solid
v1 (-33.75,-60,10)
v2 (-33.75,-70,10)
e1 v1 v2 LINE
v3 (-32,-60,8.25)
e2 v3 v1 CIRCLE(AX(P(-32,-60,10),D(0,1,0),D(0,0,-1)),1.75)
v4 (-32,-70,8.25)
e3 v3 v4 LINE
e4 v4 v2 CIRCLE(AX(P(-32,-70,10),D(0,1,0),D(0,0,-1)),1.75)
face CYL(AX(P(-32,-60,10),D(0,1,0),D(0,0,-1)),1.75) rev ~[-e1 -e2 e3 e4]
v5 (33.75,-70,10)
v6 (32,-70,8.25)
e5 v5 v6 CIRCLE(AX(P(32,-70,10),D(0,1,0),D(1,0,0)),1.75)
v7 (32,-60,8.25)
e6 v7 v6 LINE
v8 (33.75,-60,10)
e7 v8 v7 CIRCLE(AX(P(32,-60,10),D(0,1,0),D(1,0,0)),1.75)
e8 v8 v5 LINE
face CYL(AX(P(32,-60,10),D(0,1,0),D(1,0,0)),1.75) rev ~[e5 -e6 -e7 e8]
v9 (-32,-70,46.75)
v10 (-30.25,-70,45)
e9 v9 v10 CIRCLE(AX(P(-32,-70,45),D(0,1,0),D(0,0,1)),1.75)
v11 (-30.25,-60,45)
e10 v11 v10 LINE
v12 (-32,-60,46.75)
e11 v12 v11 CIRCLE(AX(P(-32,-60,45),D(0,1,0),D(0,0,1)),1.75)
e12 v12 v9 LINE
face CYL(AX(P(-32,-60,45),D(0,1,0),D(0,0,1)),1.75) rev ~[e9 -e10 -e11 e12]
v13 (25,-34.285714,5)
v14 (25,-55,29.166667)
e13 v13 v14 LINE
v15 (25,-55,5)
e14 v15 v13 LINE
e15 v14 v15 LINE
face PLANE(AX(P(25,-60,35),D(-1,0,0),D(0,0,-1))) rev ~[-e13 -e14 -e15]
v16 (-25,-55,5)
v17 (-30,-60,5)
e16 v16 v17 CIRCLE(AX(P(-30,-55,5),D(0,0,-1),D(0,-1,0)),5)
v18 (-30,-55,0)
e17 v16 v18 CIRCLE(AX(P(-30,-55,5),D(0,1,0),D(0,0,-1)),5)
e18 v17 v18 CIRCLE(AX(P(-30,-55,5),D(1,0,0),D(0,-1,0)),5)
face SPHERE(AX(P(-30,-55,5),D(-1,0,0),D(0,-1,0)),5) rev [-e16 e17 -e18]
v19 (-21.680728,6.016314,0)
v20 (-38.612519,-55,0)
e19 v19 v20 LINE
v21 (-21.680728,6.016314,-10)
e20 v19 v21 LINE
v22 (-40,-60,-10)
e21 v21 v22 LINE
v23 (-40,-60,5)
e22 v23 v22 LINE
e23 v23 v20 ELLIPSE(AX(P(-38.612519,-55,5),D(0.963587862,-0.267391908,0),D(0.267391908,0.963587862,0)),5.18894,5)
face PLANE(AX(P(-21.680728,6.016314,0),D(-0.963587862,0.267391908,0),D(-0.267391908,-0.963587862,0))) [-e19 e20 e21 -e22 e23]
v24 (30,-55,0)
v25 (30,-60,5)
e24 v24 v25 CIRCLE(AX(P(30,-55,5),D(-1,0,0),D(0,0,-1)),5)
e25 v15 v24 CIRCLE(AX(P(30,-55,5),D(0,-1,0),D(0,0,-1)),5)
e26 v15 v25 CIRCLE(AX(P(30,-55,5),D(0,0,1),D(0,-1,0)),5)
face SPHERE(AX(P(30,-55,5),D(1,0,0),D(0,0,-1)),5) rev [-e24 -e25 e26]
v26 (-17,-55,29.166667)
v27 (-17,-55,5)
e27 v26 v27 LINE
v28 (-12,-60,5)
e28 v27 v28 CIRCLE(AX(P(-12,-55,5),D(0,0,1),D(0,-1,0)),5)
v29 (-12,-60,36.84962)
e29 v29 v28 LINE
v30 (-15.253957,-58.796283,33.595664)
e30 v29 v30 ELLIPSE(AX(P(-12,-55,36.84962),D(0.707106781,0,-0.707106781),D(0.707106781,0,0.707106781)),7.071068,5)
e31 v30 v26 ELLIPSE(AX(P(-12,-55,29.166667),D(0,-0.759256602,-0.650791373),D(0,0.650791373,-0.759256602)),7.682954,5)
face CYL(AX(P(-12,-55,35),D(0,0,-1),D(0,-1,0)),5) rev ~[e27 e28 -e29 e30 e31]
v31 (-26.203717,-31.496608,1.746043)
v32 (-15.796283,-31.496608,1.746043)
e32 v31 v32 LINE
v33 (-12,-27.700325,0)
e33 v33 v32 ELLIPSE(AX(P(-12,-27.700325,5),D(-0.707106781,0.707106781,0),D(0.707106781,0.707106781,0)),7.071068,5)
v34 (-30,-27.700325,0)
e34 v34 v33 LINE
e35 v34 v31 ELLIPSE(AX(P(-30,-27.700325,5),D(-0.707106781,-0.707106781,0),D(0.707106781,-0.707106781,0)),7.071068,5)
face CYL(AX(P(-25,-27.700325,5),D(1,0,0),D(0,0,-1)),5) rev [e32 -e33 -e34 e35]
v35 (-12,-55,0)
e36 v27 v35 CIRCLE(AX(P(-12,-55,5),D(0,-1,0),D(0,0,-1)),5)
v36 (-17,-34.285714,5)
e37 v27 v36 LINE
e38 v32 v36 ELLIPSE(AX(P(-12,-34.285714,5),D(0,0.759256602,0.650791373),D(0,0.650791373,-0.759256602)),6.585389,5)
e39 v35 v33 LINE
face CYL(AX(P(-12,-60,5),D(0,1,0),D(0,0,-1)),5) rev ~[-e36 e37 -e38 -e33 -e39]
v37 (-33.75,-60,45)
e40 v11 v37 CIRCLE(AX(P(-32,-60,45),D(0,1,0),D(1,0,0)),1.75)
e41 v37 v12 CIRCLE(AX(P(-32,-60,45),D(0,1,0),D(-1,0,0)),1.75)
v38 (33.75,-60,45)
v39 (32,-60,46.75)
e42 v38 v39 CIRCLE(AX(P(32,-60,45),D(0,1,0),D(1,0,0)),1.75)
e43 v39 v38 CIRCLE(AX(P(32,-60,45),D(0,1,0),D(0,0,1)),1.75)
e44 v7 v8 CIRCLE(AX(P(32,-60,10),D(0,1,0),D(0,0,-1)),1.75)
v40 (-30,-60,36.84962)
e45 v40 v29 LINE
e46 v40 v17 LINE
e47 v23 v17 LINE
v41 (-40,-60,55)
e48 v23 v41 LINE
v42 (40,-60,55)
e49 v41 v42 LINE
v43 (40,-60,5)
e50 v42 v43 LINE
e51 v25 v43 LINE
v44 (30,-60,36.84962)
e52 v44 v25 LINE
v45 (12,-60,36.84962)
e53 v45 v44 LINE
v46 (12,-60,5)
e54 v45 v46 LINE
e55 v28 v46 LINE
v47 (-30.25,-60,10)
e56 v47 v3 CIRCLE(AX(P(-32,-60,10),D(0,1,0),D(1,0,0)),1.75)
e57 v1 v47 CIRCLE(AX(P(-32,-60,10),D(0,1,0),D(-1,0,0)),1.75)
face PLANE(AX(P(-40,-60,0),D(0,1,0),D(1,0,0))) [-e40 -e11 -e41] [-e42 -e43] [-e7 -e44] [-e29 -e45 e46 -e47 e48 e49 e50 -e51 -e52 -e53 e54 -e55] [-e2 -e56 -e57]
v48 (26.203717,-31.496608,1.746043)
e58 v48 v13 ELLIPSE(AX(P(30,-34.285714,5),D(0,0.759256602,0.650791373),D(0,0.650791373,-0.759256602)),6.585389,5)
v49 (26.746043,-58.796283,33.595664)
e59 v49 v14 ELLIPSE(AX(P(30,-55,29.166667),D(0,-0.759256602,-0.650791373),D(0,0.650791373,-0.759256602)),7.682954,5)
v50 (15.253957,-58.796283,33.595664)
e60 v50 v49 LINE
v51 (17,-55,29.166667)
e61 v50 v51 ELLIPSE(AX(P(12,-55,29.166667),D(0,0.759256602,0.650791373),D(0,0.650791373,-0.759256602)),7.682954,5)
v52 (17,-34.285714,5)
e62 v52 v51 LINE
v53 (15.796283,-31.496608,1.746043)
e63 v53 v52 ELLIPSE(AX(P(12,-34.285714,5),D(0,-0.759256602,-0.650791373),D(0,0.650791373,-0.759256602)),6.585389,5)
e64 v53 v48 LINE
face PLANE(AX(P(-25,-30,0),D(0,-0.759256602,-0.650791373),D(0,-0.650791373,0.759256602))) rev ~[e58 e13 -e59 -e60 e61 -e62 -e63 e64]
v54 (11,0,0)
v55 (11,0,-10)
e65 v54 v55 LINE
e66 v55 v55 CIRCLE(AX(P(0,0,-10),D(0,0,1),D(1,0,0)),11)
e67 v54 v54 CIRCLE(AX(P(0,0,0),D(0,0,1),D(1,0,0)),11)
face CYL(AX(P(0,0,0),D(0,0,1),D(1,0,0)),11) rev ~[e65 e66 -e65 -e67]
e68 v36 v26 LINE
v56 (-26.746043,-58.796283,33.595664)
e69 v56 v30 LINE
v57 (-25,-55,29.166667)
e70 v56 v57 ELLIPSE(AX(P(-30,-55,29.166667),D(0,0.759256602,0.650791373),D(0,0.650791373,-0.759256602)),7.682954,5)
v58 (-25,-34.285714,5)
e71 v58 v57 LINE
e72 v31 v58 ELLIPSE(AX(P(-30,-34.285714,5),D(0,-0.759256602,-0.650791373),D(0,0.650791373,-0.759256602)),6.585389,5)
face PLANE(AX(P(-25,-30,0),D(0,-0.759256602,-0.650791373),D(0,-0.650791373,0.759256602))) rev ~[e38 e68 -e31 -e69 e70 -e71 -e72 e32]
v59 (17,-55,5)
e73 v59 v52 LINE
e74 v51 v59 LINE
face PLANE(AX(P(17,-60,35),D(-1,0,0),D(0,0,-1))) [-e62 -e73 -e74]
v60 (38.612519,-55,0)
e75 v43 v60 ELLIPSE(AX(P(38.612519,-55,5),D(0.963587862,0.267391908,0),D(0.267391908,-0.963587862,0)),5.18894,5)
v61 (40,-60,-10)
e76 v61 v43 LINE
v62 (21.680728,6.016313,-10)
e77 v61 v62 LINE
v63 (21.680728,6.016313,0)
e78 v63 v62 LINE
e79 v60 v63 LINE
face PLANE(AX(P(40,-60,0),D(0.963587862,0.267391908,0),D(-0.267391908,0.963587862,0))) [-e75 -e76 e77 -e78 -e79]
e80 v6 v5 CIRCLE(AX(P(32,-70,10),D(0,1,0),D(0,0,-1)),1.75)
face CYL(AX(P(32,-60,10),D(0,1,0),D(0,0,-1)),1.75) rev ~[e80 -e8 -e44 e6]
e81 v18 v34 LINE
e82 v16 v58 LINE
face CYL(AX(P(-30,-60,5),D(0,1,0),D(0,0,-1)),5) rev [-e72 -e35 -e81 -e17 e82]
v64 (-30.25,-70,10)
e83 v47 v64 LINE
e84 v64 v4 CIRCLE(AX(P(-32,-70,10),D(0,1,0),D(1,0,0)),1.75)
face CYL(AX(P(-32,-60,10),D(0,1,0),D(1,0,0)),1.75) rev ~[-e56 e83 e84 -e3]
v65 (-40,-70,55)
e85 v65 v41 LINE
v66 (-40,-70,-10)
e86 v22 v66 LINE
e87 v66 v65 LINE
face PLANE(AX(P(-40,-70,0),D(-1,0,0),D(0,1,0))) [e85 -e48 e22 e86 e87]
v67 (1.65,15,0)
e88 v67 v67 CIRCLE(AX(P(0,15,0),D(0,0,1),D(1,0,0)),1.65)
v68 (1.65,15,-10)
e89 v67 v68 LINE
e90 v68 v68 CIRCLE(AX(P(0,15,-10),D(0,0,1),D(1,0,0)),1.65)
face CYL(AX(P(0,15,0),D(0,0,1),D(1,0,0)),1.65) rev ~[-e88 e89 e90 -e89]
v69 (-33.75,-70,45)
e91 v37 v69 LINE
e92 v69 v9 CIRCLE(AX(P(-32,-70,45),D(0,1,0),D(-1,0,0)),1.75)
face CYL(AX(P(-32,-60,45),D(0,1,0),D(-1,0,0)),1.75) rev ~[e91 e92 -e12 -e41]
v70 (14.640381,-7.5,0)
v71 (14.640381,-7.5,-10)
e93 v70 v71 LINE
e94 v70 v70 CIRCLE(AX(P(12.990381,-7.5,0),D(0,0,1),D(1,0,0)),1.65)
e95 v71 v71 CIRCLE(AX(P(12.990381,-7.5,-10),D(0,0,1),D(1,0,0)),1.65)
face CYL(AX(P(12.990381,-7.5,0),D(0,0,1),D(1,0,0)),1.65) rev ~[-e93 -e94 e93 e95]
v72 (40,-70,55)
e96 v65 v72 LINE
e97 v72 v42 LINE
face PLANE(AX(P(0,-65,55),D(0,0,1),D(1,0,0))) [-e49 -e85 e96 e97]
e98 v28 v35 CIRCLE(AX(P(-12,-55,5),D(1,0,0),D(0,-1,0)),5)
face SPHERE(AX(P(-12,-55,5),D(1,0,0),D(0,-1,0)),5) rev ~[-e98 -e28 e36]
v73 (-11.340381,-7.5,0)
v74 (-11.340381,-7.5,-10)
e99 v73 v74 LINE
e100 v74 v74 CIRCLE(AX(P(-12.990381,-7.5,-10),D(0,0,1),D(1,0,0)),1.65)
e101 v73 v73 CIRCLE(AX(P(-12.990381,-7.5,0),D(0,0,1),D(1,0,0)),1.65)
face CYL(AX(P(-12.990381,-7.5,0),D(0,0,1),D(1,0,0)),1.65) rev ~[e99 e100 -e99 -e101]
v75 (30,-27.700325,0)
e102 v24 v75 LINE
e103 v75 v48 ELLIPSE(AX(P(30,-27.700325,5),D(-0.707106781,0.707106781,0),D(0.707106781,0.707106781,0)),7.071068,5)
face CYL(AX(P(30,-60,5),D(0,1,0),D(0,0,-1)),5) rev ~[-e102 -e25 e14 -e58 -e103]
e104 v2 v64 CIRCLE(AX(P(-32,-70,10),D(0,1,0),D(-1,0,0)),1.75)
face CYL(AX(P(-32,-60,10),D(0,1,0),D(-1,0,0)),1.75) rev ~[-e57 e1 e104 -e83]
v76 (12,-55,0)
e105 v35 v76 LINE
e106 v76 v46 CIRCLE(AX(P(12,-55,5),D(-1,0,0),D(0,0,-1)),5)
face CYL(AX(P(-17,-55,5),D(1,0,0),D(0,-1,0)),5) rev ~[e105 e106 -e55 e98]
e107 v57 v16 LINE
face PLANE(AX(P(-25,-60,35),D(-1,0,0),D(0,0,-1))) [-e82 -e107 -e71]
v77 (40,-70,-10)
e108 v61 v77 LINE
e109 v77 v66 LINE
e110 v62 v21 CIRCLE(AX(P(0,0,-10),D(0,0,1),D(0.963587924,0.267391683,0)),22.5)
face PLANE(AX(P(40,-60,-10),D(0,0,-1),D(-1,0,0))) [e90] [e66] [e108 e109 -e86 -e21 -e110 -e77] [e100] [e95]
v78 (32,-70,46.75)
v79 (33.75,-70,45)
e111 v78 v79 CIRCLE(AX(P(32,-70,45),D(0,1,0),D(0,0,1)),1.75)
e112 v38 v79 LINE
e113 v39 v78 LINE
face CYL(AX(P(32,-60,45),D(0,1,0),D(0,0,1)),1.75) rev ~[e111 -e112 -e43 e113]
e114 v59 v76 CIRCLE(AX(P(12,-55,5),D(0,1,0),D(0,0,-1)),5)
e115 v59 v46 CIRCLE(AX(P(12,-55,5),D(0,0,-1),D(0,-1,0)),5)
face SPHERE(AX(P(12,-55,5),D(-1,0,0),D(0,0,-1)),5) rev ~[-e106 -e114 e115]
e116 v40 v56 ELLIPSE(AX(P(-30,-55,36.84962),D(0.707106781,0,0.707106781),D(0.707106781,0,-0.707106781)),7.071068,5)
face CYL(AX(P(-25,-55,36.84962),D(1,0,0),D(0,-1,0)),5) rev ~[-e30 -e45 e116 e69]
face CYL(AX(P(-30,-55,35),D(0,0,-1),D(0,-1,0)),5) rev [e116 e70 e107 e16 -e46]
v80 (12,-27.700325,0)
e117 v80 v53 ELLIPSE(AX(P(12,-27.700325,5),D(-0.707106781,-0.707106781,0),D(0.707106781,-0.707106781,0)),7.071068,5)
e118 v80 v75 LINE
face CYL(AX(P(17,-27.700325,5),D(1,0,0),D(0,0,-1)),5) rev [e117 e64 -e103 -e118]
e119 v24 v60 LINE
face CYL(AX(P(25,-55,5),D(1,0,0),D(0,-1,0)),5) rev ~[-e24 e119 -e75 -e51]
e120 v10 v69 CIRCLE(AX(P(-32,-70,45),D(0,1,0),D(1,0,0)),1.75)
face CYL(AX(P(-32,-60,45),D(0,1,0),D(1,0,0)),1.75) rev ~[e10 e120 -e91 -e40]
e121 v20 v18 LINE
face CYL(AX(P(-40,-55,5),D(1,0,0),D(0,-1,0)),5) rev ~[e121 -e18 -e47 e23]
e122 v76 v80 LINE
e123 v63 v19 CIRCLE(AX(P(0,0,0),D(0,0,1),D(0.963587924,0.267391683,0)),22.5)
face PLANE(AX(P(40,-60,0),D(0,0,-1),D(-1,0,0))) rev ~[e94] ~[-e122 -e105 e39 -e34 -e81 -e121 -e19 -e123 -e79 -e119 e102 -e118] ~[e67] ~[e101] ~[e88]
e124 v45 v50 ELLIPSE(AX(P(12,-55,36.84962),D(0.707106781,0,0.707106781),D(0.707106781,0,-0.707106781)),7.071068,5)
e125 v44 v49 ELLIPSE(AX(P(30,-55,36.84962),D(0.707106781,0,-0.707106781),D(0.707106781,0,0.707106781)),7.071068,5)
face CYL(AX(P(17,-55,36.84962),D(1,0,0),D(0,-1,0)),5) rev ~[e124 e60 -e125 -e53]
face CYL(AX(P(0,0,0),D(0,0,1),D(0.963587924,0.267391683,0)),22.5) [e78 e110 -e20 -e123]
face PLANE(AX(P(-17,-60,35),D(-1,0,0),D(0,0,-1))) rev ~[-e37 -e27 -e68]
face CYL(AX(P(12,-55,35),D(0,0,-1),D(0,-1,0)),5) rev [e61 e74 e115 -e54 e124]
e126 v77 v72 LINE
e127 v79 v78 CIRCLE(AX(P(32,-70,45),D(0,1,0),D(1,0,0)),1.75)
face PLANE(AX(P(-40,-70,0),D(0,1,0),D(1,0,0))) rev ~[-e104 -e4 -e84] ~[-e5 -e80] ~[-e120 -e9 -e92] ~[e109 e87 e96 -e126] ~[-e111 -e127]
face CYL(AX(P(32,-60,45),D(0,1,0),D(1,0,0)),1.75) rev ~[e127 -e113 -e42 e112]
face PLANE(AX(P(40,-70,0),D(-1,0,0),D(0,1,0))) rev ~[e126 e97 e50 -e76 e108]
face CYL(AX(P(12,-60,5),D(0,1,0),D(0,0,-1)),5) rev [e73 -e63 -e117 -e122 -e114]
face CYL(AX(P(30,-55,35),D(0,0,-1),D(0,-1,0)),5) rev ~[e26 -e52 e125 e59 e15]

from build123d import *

# Parameters (mm, degrees)
SKETCH1_R           = 1.65
SKETCH1_R_2         = 11
BOSS_EXTRUDE1_DEPTH = 10
SKETCH2_W           = 80
SKETCH2_H           = 10
BOSS_EXTRUDE2_DEPTH = 10
SKETCH3_W           = 80
SKETCH3_H           = 10
BOSS_EXTRUDE3_DEPTH = 55
SKETCH4_W           = 8
SKETCH4_H           = 35
BOSS_EXTRUDE4_DEPTH = 30
CUT_EXTRUDE1_DEPTH  = 157
CUT_EXTRUDE2_DEPTH  = 157
FILLET1_R           = 5


with BuildPart() as part:
    # Sketch1 → Boss-Extrude1 (new body)
    with BuildSketch(Plane.XY):
        with BuildLine():
            ThreePointArc((21.680728295, 6.016312875), (6.9e-07, 22.5), (-21.680727926, 6.016314205))
            Line((-21.680727926, 6.016314205), (-40, -60))
            Line((-40, -60), (40, -60))
            Line((40, -60), (21.680728295, 6.016312875))
        make_face()
        with Locations((0, 15)):
            Circle(SKETCH1_R, mode=Mode.SUBTRACT)
        with Locations((-12.990381057, -7.5)):
            Circle(SKETCH1_R, mode=Mode.SUBTRACT)
        with Locations((12.990381057, -7.5)):
            Circle(SKETCH1_R, mode=Mode.SUBTRACT)
        Circle(SKETCH1_R_2, mode=Mode.SUBTRACT)
    extrude(amount=-BOSS_EXTRUDE1_DEPTH)

    # Sketch2 → Boss-Extrude2 (add)
    with BuildSketch(Plane(origin=(0, -60, 0), x_dir=(-1, 0, 0), z_dir=(0, -1, 0))):
        with Locations((0, 5)):
            Rectangle(SKETCH2_W, SKETCH2_H)
    extrude(amount=BOSS_EXTRUDE2_DEPTH)

    # Sketch3 → Boss-Extrude3 (add)
    with BuildSketch(Plane.XY):
        with Locations((0, -65)):
            Rectangle(SKETCH3_W, SKETCH3_H)
    extrude(amount=BOSS_EXTRUDE3_DEPTH)

    # Sketch4 → Boss-Extrude4 (add)
    with BuildSketch(Plane(origin=(0, -60, 0), x_dir=(1, 0, 0), z_dir=(0, 1, 0))):
        with Locations((-21, -17.5)):
            Rectangle(SKETCH4_W, SKETCH4_H)
        with Locations((21, -17.5)):
            Rectangle(SKETCH4_W, SKETCH4_H)
    extrude(amount=BOSS_EXTRUDE4_DEPTH)

    # Sketch5 → Cut-Extrude1 (cut)
    with BuildSketch(Plane.ZY.offset(25)):
        Polygon((0, -30), (35, -60), (35, -30), align=None)
    extrude(amount=-CUT_EXTRUDE1_DEPTH, mode=Mode.SUBTRACT)

    # Sketch6 → Cut-Extrude2 (cut)
    with BuildSketch(Plane(origin=(0, -60, 0), x_dir=(1, 0, 0), z_dir=(0, 1, 0))):
        with BuildLine():
            ThreePointArc((-33.75, -45), (-33.237436867, -46.237436867), (-32, -46.75))
            Line((-32, -46.75), (-32, -45))
            Line((-32, -45), (-33.75, -45))
        make_face()
        with BuildLine():
            Line((-32, -45), (-32, -46.75))
            ThreePointArc((-32, -46.75), (-30.762563133, -46.237436867), (-30.25, -45))
            ThreePointArc((-30.25, -45), (-32, -43.25), (-33.75, -45))
            Line((-33.75, -45), (-32, -45))
        make_face()
        with BuildLine():
            ThreePointArc((33.75, -45), (30.762563133, -43.762563133), (32, -46.75))
            Line((32, -46.75), (32, -45))
            Line((32, -45), (33.75, -45))
        make_face()
        with BuildLine():
            Line((32, -45), (32, -46.75))
            ThreePointArc((32, -46.75), (33.237436867, -46.237436867), (33.75, -45))
            Line((33.75, -45), (32, -45))
        make_face()
        with BuildLine():
            ThreePointArc((33.75, -10), (33.237436867, -8.762563133), (32, -8.25))
            Line((32, -8.25), (32, -10))
            Line((32, -10), (33.75, -10))
        make_face()
        with BuildLine():
            Line((32, -10), (32, -8.25))
            ThreePointArc((32, -8.25), (30.762563133, -11.237436867), (33.75, -10))
            Line((33.75, -10), (32, -10))
        make_face()
        with BuildLine():
            ThreePointArc((-30.25, -10), (-30.762563133, -8.762563133), (-32, -8.25))
            Line((-32, -8.25), (-32, -10))
            Line((-32, -10), (-33.75, -10))
            ThreePointArc((-33.75, -10), (-32, -11.75), (-30.25, -10))
        make_face()
        with BuildLine():
            Line((-32, -10), (-32, -8.25))
            ThreePointArc((-32, -8.25), (-33.237436867, -8.762563133), (-33.75, -10))
            Line((-33.75, -10), (-32, -10))
        make_face()
    extrude(amount=-CUT_EXTRUDE2_DEPTH, mode=Mode.SUBTRACT)

    # Fillet1
    fillet1_edges = [part.edges().sort_by_distance(p)[0] for p in [
        (32.5, -60, 0),
        (0, -60, 0),
        (-32.5, -60, 0),
        (-21, -60, 35),
        (-17, -60, 17.5),
        (-17, -45, 0),
        (-25, -60, 17.5),
        (-25, -45, 0),
        (-21, -30, 0),
        (17, -45, 0),
        (25, -45, 0),
        (21, -30, 0),
        (17, -60, 17.5),
        (25, -60, 17.5),
        (21, -60, 35),
    ]]
    fillet(fillet1_edges, radius=FILLET1_R)


solid = part.part
